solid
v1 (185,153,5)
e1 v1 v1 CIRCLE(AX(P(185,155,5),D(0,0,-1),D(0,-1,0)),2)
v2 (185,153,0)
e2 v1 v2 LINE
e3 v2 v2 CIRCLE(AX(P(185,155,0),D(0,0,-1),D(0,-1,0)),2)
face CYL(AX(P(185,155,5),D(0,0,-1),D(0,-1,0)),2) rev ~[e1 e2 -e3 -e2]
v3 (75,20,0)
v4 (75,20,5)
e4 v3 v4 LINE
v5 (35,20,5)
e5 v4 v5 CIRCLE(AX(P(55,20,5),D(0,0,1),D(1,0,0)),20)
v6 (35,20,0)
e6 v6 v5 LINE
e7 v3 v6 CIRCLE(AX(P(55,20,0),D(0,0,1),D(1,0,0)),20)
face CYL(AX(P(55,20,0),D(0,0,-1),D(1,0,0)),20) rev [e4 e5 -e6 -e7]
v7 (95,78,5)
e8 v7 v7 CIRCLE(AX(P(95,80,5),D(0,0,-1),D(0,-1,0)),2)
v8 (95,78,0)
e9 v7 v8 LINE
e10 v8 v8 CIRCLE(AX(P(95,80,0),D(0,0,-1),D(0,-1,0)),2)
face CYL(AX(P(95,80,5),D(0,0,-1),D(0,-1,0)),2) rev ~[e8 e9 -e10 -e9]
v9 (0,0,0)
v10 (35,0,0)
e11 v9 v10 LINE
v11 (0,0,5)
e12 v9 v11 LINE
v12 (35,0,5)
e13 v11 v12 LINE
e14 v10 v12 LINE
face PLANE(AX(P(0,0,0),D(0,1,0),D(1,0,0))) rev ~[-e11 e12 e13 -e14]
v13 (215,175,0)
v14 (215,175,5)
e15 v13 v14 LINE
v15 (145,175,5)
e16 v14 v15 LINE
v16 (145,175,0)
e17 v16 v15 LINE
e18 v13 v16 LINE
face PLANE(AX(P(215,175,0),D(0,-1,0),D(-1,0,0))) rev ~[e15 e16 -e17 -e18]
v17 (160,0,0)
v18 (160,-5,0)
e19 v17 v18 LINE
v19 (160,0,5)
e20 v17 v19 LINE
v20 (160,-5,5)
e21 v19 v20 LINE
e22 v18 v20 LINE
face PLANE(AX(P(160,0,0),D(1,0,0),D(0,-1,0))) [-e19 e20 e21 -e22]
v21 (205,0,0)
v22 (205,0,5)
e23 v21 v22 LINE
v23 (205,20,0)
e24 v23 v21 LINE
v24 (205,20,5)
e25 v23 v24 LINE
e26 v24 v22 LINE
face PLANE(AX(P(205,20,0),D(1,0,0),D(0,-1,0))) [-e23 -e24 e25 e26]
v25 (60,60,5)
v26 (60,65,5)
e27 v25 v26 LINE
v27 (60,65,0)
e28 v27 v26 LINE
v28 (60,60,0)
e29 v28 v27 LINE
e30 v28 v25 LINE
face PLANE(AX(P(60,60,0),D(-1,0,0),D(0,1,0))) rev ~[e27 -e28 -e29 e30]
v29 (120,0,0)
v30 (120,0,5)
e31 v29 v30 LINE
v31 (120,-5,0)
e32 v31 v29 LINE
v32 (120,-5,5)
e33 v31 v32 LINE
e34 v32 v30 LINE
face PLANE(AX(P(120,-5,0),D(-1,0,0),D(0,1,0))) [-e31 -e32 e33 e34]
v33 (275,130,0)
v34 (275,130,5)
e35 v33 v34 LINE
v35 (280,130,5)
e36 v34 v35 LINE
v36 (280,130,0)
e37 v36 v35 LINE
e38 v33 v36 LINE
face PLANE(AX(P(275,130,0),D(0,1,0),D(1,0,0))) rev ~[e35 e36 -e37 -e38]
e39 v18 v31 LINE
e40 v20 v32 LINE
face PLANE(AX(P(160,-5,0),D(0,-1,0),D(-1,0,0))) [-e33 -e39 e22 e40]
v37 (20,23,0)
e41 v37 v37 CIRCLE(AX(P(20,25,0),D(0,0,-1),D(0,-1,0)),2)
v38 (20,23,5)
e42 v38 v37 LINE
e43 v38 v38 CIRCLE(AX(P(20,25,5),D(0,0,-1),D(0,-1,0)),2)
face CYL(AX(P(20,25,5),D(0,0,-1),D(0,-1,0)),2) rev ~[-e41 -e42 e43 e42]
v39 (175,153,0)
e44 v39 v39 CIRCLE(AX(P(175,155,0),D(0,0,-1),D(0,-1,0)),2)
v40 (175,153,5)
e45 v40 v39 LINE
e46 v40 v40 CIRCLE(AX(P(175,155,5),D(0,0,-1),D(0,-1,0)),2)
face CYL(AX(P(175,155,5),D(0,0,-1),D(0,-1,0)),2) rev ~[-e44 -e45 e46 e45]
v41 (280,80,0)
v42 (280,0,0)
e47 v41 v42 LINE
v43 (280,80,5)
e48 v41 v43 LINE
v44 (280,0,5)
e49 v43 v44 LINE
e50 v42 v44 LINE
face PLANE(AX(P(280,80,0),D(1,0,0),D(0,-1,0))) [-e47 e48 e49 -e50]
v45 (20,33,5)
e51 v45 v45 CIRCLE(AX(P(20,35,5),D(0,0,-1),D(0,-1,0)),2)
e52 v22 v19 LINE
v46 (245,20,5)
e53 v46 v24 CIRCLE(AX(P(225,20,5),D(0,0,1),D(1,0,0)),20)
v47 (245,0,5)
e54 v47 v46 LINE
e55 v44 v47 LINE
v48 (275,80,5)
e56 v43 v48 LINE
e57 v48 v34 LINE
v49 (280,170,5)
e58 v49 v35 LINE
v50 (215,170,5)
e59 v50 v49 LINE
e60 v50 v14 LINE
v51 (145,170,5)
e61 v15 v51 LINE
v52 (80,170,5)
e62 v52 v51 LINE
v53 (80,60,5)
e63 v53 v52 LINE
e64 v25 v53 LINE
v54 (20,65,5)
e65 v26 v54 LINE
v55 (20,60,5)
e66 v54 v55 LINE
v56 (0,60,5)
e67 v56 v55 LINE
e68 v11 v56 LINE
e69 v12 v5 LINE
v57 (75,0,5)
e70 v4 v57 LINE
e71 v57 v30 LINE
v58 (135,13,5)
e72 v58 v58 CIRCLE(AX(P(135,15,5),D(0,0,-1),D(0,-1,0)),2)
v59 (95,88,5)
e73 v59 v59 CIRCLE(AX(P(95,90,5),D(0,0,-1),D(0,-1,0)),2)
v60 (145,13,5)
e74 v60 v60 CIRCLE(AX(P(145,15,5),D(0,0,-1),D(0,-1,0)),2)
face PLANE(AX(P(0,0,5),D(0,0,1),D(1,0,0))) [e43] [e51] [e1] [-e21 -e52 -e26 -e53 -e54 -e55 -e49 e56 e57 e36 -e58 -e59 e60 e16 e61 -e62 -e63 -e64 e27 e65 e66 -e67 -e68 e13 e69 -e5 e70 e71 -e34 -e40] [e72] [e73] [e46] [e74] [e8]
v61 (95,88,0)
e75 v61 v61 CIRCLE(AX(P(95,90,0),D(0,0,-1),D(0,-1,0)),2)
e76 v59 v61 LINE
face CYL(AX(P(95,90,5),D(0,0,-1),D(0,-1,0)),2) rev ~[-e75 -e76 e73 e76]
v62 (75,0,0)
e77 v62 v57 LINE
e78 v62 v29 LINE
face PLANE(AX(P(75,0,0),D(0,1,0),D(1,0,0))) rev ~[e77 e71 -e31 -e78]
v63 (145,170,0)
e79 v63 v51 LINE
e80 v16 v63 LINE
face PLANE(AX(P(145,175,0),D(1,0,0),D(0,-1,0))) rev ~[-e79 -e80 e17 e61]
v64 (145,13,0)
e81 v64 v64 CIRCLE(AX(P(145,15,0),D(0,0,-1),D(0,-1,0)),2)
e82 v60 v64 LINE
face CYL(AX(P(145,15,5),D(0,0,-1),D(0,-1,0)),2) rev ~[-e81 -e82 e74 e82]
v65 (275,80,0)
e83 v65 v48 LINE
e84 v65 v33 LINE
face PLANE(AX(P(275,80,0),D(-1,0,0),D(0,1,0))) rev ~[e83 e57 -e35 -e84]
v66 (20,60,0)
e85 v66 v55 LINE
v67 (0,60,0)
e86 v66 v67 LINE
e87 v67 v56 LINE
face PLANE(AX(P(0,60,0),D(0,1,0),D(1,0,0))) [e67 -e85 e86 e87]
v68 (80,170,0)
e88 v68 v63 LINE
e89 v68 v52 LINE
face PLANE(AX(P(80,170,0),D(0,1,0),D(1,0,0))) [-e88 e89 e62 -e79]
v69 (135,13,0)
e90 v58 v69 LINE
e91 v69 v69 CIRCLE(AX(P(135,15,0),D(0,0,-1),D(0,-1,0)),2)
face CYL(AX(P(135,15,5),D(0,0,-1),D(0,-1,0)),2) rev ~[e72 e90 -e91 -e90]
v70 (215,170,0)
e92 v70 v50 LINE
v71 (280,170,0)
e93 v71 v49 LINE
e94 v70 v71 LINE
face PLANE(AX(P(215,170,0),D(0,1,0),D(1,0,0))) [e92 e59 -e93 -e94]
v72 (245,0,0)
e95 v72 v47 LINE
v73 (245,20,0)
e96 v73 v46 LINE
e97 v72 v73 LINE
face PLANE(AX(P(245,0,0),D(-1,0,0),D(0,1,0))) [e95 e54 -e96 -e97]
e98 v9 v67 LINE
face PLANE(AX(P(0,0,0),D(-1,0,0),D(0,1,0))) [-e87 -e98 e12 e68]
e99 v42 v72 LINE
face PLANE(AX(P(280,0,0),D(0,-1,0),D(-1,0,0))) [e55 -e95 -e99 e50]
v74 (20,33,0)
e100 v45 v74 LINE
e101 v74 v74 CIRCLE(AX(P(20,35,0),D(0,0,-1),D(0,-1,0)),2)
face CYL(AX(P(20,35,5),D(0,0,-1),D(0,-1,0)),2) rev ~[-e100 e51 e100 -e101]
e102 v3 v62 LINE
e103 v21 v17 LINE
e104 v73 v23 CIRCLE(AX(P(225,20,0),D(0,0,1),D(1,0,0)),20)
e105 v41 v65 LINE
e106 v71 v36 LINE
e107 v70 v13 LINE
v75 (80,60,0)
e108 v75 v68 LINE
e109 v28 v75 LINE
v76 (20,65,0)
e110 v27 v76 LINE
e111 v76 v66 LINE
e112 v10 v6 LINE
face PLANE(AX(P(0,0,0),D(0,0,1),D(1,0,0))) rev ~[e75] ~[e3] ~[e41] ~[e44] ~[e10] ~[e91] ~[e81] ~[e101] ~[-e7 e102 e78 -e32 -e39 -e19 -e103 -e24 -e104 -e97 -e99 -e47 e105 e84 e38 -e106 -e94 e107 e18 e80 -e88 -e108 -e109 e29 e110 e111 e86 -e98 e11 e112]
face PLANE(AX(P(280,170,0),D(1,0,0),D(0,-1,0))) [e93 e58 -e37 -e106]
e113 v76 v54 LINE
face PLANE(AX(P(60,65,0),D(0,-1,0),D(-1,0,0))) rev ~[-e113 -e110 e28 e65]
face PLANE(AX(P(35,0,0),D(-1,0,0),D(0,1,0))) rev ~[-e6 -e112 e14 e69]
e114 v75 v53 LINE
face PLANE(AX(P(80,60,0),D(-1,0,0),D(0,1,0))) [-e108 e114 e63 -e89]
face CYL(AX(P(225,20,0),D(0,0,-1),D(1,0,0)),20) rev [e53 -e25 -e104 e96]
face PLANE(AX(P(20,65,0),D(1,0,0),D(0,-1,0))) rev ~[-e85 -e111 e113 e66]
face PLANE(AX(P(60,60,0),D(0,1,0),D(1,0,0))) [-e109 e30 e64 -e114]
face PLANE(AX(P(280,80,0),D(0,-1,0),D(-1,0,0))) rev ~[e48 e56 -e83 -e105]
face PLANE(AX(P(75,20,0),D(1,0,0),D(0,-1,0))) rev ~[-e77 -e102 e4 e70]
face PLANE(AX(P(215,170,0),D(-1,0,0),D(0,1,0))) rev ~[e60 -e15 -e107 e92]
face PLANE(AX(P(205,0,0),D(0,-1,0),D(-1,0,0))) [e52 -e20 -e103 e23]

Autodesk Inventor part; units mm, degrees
ref_plane "YZ Plane" through (0, 0, 0) normal (1, 0, 0) x (0, 1, 0)
ref_plane "XZ Plane" through (0, 0, 0) normal (0, 1, 0) x (-1, 0, 0)
ref_plane "XY Plane" through (0, 0, 0) normal (0, 0, 1) x (1, 0, 0)
sketch "Sketch1" plane through (0, 0, 0) normal (0, 0, 1) x (1, 0, 0)
  line L0 (0, 0) -> (0, 60)
  line L1 (0, 60) -> (80, 60)
  line L2 (80, 60) -> (80, 170)
  line L3 (80, 170) -> (280, 170)
  line L4 (280, 170) -> (280, 0)
  line L5 (0, 0) -> (35, 0)
  line L6 (35, 0) -> (35, 20)
  arc A0 (75, 20) -> (35, 20) centre (55, 20) ccw
  line L7 (75, 20) -> (75, 0)
  line L8 (140, 0) -> (140, 170) construction
  line L9 (75, 0) -> (140, 0)
  line L10 (280, 0) -> (245, 0)
  line L11 (245, 0) -> (245, 20)
  arc A1 (245, 20) -> (205, 20) centre (225, 20) ccw
  line L12 (205, 20) -> (205, 0)
  line L13 (205, 0) -> (140, 0)
  line L14 (145, 170) -> (215, 170)
  line L15 (215, 170) -> (215, 175)
  line L16 (215, 175) -> (145, 175)
  line L17 (145, 175) -> (145, 170)
  line L18 (280, 80) -> (275, 80)
  line L19 (275, 80) -> (275, 130)
  line L20 (275, 130) -> (280, 130)
  line L21 (280, 130) -> (280, 80)
  line L22 (10, 20) -> (15, 20)
  line L23 (15, 20) -> (15, 60)
  line L24 (15, 60) -> (10, 60)
  line L25 (10, 60) -> (10, 20)
  line L26 (20, 60) -> (60, 60)
  line L27 (60, 60) -> (60, 65)
  line L28 (60, 65) -> (20, 65)
  line L29 (20, 65) -> (20, 60)
  line L30 (160, 0) -> (160, -5)
  line L31 (160, -5) -> (120, -5)
  line L32 (120, -5) -> (120, 0)
  dimension "d0" = 60
  dimension "d2" = 110
  dimension "d5" = 20
  dimension "d6" = 40
  dimension "d7" = 70
  dimension "d8" = 5
  dimension "d9" = 5
  dimension "d10" = 50
  dimension "d13" = 5
  dimension "d14" = 40
  dimension "d17" = 40
  dimension "d18" = 5
  dimension "d19" = 40
  dimension "d20" = 5
  dimension "d21" = 20
  dimension "d22" = 0
  dimension "d23" = 170
  dimension "d27" = 35
  dimension "d28" = 80
extrude "Extrusion1" add sketch "Sketch1" along normal blind 5 contours L0 L1 L25 L22 L23 L2 L3 L4 L20 L19 L18 L10 L11 A1 L12 L13 L9 L7 A0 L6 L5 | L1 L23 L22 L25 | L29 L28 L27 L1 | L9 L13 L30 L31 L32 | L17 L16 L15 L3
sketch "Sketch2" plane through (0, 0, 5) normal (0, 0, 1) x (1, 0, 0)
  line L0 (215, 175) -> (145, 175) projected
  line L1 (145, 175) -> (145, 170) projected
  line L2 (120, -5) -> (160, -5) projected
  line L3 (160, -5) -> (160, 0) projected
  line L4 (0, 60) -> (0, 0) projected
  line L5 (20, 60) -> (0, 60) projected
  point P0 (175, 155)
  point P1 (185, 155)
  point P2 (135, 15)
  point P3 (145, 15)
  point P4 (20, 35)
  point P5 (20, 25)
  dimension "d43" = 10
  dimension "d44" = 20
  dimension "d45" = 20
  dimension "d46" = 30
  dimension "d47" = 20
  dimension "d48" = 20
  dimension "d49" = 10
  dimension "d50" = 15
  dimension "d51" = 10
  dimension "d52" = 20
  dimension "d53" = 20
  dimension "d54" = 25
hole "Hole1" at (175, 155, 5) at (185, 155, 5) at (135, 15, 5) at (145, 15, 5) at (20, 35, 5) at (20, 25, 5) direction (0, 0, -1) diameter 4 end through all
sketch "Sketch4" plane through (0, 0, 5) normal (0, 0, 1) x (1, 0, 0)
  line L0 (80, 170) -> (80, 60) projected
  line L1 (80, 60) -> (60, 60) projected
  point P0 (0, 0)
  point P1 (95, 80)
  point P2 (95, 90)
  dimension "d63" = 15
  dimension "d64" = 15
  dimension "d65" = 10
  dimension "d66" = 20
hole "Hole3" at (95, 80, 5) at (95, 90, 5) direction (0, 0, -1) diameter 4 end through all
properties part number "side"
